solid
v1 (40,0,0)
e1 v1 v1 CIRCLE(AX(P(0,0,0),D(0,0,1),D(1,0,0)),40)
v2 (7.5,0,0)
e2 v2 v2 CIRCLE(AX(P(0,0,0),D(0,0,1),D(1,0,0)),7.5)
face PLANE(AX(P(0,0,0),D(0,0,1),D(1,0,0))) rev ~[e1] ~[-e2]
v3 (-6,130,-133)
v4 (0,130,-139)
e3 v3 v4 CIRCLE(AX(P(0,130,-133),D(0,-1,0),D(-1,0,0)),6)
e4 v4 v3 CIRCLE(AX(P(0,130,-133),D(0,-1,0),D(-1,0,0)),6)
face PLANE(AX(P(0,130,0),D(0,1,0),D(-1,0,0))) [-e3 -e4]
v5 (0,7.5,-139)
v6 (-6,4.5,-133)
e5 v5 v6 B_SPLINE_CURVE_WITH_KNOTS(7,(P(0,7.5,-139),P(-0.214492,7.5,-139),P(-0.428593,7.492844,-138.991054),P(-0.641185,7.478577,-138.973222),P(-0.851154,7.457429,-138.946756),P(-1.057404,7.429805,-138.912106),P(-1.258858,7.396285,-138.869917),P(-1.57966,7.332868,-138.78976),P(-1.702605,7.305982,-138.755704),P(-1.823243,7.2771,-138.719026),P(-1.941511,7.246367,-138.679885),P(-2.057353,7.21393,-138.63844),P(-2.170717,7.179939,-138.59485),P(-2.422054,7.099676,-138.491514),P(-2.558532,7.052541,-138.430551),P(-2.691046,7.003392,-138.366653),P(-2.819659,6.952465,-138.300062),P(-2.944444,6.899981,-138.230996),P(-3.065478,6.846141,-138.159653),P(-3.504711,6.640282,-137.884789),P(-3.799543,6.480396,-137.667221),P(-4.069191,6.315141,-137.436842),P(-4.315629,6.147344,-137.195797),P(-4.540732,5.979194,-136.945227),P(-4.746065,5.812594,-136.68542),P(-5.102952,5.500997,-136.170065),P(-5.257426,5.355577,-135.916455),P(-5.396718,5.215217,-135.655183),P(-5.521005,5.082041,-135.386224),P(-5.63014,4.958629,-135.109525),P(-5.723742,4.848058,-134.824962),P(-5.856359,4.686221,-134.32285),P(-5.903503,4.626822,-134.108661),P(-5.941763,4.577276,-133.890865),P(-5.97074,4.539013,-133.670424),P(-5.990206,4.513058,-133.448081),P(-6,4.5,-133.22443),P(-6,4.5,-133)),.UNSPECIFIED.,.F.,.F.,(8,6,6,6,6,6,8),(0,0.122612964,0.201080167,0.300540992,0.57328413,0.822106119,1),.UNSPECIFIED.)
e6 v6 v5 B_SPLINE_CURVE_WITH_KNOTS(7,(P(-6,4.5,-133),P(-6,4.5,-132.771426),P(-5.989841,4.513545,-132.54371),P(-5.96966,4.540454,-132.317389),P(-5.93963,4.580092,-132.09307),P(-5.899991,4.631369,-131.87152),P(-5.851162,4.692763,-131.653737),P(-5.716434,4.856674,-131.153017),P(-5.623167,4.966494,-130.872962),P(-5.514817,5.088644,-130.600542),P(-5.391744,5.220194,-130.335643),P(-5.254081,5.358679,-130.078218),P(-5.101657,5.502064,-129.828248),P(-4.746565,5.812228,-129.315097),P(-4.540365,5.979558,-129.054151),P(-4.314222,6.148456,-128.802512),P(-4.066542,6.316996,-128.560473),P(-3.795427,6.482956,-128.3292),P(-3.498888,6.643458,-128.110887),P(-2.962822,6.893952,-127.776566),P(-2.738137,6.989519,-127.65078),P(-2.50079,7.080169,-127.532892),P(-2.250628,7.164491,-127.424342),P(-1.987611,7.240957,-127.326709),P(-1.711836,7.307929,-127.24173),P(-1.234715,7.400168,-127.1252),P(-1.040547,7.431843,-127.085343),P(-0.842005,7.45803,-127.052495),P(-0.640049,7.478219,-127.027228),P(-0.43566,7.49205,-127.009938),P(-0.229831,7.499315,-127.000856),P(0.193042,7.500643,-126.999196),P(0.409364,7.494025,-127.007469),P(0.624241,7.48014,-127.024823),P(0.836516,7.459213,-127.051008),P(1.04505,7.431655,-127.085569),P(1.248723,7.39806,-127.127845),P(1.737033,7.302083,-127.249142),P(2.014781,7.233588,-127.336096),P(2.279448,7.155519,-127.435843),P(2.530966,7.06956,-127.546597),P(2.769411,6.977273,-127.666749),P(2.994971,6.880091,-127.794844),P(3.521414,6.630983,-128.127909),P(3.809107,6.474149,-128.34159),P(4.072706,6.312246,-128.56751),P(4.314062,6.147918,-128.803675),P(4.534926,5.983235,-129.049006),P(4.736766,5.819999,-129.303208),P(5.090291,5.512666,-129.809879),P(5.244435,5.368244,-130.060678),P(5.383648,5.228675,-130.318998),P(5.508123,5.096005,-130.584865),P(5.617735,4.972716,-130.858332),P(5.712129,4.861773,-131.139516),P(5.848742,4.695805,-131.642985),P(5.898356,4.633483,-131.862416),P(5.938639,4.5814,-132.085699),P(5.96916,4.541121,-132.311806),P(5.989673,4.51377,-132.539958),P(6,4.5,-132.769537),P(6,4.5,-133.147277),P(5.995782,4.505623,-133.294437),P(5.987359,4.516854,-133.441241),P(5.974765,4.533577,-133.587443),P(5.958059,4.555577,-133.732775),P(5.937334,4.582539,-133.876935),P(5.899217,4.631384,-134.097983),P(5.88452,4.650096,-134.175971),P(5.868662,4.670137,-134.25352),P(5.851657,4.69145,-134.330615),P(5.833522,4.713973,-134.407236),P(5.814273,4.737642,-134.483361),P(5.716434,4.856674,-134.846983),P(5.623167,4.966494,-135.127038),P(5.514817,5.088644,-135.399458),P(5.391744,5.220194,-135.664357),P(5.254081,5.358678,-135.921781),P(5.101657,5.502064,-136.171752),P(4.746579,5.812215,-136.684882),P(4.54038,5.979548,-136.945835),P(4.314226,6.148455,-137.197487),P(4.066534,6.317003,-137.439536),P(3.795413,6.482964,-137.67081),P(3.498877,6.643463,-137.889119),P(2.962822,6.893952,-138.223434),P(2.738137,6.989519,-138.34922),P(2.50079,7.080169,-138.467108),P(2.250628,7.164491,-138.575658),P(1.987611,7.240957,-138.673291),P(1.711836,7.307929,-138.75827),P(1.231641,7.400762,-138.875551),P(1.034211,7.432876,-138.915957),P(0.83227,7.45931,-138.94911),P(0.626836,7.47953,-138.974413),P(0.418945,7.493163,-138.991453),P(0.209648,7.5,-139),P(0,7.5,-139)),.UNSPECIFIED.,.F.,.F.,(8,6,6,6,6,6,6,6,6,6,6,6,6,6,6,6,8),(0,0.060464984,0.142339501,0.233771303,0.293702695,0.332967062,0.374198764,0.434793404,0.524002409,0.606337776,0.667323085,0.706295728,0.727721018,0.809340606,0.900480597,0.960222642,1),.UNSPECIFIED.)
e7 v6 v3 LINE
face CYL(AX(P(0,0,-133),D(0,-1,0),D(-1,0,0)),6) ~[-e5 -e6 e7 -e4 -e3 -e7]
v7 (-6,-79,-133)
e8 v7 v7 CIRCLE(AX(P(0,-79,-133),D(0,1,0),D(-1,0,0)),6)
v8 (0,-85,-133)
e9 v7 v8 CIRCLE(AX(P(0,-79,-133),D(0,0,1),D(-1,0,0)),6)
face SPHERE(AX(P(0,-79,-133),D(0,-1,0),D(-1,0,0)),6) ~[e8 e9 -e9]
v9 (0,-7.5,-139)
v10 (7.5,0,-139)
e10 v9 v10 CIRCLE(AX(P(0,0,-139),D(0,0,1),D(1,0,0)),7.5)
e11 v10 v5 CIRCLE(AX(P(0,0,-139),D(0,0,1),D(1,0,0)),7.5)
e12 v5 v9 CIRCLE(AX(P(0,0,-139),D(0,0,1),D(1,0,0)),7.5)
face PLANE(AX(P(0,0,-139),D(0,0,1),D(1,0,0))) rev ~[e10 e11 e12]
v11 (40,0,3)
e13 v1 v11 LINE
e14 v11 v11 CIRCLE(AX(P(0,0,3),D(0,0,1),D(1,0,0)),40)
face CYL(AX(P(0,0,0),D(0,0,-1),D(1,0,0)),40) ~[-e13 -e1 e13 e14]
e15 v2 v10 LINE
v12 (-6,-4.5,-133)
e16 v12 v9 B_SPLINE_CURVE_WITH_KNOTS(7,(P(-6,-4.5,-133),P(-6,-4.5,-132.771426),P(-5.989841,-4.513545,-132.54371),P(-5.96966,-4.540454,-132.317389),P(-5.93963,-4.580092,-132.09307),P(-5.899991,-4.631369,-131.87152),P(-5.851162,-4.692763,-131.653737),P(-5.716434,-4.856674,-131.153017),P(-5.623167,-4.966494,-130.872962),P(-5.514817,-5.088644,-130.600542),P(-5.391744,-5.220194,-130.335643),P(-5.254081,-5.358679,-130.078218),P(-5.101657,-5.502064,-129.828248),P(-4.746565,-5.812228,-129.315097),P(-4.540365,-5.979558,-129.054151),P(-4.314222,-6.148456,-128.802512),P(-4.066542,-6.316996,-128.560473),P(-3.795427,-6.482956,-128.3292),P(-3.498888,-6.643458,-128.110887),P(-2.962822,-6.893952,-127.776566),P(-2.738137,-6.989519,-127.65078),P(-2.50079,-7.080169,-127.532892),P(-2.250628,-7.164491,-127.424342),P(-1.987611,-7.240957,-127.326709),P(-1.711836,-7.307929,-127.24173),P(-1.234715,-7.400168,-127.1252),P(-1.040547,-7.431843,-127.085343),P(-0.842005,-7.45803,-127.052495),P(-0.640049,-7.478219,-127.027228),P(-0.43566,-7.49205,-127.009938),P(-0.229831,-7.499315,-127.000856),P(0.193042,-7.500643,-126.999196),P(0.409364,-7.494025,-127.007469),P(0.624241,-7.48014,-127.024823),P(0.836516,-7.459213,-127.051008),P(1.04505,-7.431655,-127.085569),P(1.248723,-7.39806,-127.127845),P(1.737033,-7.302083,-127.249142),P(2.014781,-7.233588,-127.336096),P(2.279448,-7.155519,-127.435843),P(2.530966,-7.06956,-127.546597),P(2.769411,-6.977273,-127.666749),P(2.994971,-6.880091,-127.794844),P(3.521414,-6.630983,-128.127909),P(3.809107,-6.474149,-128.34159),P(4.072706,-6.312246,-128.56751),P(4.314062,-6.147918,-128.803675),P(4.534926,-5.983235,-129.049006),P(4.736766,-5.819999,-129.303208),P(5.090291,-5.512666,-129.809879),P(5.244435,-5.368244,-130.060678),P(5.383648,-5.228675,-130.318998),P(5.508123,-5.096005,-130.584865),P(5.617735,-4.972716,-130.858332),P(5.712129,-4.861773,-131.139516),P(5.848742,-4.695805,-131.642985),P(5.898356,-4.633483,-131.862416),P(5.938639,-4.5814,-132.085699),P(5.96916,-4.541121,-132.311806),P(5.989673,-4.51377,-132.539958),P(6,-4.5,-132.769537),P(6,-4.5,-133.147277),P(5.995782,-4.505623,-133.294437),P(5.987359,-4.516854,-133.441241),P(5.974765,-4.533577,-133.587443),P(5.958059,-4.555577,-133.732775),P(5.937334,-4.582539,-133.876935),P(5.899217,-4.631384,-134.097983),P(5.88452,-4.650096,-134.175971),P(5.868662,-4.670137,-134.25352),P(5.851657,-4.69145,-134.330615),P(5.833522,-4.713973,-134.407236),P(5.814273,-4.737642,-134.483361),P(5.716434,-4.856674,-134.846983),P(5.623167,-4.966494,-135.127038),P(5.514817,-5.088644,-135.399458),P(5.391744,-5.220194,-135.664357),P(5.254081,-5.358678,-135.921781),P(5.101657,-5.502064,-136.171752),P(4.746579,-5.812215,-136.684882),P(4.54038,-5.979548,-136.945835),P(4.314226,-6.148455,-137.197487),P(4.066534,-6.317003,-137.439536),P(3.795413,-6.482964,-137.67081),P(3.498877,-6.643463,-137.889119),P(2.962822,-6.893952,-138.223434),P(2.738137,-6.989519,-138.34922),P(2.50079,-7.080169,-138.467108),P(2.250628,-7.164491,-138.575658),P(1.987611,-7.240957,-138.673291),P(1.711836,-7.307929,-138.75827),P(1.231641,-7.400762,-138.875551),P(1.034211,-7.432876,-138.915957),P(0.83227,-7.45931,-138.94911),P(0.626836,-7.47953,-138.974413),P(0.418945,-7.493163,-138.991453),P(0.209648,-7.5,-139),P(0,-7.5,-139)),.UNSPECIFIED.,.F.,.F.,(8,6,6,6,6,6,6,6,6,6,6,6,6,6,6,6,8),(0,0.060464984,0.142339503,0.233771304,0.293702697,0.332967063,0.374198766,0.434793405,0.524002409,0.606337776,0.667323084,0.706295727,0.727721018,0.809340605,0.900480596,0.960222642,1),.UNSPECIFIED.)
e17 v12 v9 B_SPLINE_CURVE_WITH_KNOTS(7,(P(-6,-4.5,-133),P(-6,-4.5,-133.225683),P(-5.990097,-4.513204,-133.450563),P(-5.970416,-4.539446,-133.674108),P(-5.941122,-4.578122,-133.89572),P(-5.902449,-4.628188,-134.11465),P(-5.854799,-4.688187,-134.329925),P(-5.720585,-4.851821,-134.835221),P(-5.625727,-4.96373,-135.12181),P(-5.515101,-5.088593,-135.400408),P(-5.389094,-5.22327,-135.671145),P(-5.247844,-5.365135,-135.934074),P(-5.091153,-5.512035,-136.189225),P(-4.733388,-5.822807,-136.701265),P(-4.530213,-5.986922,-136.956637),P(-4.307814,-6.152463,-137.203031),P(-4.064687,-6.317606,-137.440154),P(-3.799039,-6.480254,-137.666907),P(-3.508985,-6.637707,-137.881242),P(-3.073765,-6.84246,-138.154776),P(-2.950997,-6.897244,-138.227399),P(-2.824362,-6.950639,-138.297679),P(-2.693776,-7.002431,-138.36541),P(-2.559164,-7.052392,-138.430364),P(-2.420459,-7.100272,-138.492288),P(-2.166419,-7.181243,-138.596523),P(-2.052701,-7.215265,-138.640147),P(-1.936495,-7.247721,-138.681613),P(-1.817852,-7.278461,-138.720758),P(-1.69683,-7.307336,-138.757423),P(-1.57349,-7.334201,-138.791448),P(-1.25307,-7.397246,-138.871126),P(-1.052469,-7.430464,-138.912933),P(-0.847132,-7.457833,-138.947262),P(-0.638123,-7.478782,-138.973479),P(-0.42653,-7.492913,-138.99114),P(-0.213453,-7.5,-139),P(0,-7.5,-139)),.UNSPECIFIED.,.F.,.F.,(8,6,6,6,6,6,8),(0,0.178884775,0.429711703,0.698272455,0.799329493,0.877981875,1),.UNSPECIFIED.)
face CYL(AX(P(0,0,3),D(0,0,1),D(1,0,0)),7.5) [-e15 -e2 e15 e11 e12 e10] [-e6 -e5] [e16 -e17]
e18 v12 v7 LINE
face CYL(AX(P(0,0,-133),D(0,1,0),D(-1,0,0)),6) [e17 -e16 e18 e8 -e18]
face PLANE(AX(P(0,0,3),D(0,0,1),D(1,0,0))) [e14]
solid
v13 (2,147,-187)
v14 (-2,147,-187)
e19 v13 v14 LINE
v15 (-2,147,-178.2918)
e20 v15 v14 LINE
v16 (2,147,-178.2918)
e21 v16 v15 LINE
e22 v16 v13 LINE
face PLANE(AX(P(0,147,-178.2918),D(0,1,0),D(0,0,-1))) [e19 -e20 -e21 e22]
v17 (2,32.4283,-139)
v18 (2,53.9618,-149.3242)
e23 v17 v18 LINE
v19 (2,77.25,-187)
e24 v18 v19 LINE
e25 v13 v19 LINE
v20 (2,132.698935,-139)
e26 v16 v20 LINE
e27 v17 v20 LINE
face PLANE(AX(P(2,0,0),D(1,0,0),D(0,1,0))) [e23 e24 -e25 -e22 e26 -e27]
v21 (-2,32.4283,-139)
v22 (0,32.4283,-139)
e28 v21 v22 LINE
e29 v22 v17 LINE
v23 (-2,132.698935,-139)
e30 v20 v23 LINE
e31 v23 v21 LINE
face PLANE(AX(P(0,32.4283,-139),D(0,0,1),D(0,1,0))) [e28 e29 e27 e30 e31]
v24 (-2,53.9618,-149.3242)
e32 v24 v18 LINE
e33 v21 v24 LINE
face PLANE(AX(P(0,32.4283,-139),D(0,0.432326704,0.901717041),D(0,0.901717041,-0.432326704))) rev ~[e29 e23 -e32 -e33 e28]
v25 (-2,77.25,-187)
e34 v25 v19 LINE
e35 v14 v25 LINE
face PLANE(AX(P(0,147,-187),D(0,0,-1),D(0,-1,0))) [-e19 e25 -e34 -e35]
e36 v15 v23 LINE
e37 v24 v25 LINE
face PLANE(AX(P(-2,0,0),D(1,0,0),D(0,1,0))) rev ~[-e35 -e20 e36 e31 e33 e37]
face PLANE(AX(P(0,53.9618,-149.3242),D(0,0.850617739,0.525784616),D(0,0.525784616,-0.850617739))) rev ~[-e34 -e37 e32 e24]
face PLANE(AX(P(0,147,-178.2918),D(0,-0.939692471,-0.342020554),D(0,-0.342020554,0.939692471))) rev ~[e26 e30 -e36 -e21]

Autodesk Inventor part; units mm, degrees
ref_plane "YZ Plane" through (0, 0, 0) normal (1, 0, 0) x (0, 1, 0)
ref_plane "XZ Plane" through (0, 0, 0) normal (0, 1, 0) x (-1, 0, 0)
ref_plane "XY Plane" through (0, 0, 0) normal (0, 0, 1) x (1, 0, 0)
sketch "Sketch1" plane through (0, 0, 0) normal (0, 0, 1) x (1, 0, 0)
  circle A0 centre (0, 0) radius 40
  dimension "d0" = 80
extrude "Extrusion1" add sketch "Sketch1" along normal blind 3
sketch "Sketch2" plane through (0, 0, 3) normal (0, 0, 1) x (1, 0, 0)
  circle A0 centre (0, 0) radius 7.5
  dimension "d3" = 15
extrude "Extrusion2" add sketch "Sketch2" against normal blind 142
sketch "Sketch3" plane through (0, 0, 0) normal (0, 1, 0) x (-1, 0, 0)
  circle A0 centre (0, -133) radius 6
  line L0 (-7.5, -139) -> (7.5, -139) projected
  line L1 (7.5, -139) -> (-7.5, -139)
  point P0 (0, 0)
  dimension "d6" = 12
extrude "Extrusion3" add sketch "Sketch3" along normal blind 130 and the other way blind 85
fillet "Fillet1" radius 6 1 edges at (6, -85, -133)
sketch "Sketch4" plane through (0, 0, 0) normal (1, 0, 0) x (0, 1, 0)
  line L0 (-7.5, -139) -> (7.5, -139) projected
  line L1 (0, -139) -> (147, -139)
  line L2 (147, -139) -> (147, -187)
  line L3 (147, -187) -> (0, -187)
  line L4 (0, -187) -> (0, -139)
  line L5 (147, -178.2918) -> (122.4089, -110.7284)
  line L6 (147, -178.2918) -> (218.8994, -178.2918) construction
  line L7 (7.5, -139) -> (130, -139) projected
  line L8 (32.4283, -139) -> (53.9618, -149.3242)
  line L9 (53.9618, -149.3242) -> (77.25, -187)
  line L10 (131.293, -135.1372) -> (26.6385, -135.1372)
  line L11 (32.4283, -139) -> (23.511, -135.1372)
  line L12 (23.511, -135.1372) -> (26.6385, -135.1372)
  point P0 (0, 0)
  point P1 (132.699, -139)
  dimension "d12" = 147
  dimension "d13" = 48
  dimension "d14" = 110
extrude "Extrusion4" add sketch "Sketch4" along normal mid plane 4 contours L1 L5 L2 L3 L9 L8
properties part number "direzione del vento"
